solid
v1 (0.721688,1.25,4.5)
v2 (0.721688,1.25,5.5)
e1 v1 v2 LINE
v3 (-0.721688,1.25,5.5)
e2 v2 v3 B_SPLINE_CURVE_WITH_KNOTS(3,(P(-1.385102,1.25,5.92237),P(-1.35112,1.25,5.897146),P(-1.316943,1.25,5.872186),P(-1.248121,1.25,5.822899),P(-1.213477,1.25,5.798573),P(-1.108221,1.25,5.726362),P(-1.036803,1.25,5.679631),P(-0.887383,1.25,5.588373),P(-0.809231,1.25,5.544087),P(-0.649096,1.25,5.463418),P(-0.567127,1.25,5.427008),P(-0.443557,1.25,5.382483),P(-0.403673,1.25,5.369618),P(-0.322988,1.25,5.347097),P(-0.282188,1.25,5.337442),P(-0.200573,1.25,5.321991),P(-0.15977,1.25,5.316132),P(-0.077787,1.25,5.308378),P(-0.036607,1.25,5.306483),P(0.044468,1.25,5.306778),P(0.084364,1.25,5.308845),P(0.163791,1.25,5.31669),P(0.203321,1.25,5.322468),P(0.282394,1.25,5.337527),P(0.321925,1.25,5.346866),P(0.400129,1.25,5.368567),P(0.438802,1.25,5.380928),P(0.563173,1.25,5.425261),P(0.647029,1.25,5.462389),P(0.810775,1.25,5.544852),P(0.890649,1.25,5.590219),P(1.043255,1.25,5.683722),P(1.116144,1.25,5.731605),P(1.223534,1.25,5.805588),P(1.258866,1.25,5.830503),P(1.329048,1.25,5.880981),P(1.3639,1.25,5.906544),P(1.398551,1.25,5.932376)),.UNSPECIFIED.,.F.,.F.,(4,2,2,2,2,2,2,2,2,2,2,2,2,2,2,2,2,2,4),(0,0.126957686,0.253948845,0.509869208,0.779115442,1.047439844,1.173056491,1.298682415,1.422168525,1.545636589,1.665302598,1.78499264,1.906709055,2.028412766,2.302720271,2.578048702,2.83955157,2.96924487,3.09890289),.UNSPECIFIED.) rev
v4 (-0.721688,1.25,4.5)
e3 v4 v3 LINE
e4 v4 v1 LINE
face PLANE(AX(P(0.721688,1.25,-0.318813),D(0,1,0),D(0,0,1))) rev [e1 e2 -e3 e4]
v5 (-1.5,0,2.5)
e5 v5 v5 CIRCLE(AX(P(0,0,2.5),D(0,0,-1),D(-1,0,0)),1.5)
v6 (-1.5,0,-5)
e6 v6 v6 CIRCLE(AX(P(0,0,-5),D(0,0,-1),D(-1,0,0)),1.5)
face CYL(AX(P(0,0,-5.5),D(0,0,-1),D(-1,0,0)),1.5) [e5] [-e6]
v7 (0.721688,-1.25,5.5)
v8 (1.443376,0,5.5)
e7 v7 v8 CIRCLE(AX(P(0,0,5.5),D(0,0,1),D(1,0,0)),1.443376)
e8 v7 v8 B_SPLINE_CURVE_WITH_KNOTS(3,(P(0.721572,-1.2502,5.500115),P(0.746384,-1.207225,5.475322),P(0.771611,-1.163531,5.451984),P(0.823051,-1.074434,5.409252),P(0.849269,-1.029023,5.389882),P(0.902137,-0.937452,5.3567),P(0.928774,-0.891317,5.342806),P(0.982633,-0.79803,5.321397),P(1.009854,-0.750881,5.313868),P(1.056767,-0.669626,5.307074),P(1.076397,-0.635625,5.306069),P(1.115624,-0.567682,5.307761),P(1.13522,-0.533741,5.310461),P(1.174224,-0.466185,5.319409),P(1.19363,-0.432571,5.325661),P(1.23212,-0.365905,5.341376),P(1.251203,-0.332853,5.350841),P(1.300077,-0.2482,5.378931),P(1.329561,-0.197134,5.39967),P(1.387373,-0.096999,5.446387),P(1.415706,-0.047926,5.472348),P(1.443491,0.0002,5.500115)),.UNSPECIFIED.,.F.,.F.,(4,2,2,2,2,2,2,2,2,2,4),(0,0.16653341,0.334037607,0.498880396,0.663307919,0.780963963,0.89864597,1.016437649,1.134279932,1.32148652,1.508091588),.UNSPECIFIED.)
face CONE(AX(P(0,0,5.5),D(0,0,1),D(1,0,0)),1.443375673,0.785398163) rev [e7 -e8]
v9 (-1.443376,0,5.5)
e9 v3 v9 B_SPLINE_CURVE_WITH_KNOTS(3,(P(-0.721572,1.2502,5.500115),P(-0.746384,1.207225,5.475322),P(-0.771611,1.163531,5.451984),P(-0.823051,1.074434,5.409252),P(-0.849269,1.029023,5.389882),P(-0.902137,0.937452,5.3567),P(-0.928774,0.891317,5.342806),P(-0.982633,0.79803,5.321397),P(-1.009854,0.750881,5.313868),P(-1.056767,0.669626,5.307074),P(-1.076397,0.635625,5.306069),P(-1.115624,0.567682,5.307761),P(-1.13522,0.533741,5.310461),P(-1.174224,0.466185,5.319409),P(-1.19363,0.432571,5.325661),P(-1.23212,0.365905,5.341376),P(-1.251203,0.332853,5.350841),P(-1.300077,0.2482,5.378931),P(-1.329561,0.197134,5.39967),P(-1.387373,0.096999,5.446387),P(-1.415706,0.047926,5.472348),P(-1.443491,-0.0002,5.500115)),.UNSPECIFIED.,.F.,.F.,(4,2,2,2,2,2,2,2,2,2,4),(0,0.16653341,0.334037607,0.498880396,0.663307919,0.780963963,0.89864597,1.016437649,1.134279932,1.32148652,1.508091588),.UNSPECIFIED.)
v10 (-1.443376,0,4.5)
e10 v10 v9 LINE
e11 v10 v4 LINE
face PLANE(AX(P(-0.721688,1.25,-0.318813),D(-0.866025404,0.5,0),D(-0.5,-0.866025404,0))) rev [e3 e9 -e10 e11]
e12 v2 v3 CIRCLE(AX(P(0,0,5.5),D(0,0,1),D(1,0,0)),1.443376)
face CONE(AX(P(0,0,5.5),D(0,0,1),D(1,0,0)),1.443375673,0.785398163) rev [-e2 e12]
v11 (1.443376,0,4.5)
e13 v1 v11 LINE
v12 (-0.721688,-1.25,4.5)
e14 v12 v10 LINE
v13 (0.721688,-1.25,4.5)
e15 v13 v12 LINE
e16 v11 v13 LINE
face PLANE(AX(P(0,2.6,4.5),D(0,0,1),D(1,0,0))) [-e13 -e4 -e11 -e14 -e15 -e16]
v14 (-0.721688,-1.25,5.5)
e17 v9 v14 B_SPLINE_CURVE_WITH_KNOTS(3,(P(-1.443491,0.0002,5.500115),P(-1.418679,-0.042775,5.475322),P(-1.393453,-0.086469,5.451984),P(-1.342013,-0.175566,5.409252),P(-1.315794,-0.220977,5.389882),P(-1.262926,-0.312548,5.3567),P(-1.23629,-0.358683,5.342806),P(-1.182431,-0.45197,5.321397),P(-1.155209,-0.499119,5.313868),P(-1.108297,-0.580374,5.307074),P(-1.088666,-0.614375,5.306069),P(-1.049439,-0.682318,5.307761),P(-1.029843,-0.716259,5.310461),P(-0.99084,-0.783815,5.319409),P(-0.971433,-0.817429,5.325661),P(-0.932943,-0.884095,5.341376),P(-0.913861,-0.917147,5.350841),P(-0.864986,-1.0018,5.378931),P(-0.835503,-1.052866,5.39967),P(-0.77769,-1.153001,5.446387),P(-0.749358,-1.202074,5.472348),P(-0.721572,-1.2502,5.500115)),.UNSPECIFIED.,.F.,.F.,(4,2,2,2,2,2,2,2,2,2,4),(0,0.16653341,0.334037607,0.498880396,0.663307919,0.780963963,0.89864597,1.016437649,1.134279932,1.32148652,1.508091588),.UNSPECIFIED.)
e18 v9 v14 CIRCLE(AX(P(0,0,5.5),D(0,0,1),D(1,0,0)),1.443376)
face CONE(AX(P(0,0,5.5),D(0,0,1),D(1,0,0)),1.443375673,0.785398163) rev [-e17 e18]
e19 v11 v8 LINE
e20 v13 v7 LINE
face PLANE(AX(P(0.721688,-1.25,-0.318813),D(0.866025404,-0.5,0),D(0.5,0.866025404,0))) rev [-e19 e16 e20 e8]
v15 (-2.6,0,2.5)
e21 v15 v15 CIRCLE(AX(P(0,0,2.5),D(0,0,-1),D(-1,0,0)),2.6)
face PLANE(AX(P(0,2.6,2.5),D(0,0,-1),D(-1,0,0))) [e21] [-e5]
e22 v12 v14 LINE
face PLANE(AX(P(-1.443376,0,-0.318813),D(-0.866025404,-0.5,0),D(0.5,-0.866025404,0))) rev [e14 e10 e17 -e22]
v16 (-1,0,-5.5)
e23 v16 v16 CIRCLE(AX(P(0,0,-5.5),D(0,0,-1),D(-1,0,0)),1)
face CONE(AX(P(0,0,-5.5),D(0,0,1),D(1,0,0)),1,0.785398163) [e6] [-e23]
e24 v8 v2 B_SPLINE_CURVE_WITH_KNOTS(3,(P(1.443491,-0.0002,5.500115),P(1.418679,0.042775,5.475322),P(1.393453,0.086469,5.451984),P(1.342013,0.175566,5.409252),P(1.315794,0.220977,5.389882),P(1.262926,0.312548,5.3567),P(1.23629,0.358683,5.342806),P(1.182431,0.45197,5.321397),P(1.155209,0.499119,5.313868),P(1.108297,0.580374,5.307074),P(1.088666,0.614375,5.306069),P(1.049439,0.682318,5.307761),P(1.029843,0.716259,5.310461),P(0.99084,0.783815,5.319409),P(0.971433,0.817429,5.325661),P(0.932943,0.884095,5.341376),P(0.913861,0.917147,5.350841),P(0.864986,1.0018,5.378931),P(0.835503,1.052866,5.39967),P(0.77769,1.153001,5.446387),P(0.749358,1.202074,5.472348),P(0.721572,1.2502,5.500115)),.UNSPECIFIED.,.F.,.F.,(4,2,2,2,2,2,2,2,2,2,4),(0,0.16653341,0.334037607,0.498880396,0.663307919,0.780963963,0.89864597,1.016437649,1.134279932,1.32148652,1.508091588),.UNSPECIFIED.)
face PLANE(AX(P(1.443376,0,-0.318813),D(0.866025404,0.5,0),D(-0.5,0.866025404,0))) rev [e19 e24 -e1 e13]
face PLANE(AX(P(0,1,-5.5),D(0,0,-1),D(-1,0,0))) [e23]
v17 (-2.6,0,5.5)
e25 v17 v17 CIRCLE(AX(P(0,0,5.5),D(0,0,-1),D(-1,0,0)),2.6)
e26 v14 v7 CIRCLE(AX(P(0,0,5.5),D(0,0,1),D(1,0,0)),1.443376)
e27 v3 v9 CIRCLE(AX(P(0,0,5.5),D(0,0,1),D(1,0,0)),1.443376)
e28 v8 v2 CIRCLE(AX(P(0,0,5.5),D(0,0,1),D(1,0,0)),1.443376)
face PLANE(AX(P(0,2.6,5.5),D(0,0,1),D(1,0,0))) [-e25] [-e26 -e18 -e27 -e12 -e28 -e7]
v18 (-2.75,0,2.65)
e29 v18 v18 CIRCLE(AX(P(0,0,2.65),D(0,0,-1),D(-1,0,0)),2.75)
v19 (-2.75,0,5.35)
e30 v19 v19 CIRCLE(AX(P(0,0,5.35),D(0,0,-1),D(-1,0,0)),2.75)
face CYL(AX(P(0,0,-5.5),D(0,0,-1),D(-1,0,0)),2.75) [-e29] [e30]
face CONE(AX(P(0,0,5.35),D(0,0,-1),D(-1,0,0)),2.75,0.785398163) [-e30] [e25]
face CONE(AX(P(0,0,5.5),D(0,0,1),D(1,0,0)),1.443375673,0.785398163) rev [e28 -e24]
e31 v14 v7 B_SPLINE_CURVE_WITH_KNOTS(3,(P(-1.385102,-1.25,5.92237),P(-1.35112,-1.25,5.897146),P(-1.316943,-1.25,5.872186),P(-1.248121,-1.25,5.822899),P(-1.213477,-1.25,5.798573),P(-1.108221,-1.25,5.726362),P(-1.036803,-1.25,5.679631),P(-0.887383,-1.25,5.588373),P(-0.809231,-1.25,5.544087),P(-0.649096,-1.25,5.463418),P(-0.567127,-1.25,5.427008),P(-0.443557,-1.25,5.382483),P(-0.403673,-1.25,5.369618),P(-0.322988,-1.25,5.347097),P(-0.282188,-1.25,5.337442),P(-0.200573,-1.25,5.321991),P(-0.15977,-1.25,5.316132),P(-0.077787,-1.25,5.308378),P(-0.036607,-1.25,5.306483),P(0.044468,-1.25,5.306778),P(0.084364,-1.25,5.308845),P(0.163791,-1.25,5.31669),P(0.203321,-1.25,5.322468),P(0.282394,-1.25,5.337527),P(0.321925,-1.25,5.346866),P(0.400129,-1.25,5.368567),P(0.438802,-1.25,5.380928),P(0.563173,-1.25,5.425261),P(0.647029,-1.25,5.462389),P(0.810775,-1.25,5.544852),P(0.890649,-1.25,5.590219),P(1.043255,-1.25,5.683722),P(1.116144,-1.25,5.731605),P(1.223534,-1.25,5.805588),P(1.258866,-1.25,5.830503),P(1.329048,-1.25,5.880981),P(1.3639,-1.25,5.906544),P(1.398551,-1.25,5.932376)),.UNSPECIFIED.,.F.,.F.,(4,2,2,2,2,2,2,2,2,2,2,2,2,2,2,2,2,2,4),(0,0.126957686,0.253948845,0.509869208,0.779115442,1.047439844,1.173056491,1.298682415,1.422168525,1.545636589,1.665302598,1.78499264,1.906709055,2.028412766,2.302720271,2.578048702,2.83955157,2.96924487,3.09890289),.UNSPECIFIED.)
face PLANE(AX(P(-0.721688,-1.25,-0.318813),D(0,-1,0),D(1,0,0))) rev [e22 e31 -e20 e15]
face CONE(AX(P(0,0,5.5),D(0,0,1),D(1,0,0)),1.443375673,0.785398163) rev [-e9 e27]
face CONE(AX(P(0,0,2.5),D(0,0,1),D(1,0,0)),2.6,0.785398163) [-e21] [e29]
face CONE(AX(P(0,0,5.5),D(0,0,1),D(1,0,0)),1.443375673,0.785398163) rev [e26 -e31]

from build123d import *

# Parameters (mm, degrees)
CUT_EXTRUDE1_DEPTH = 1
SKETCH4_R          = 1.443375673
CUT_EXTRUDE2_DEPTH = 0.5
CUT_EXTRUDE2_DRAFT = -45


with BuildPart() as part:
    # Sketch2 → Revolve1 (revolve)
    with BuildSketch(Plane(origin=(0, 0, 0), x_dir=(0, 0, -1), z_dir=(1, 0, 0)), mode=Mode.PRIVATE) as revolve1_sk:
        Polygon((-5.35, 2.75), (-2.65, 2.75), (-2.5, 2.6), (-2.5, 1.5), (5, 1.5), (5.5, 1), (5.5, 0), (-5.5, 0), (-5.5, 2.6), align=None)
    revolve(revolve1_sk.sketch.rotate(Axis((0, 0, -5.5), (0, 0, 1)), 90), axis=Axis((0, 0, -5.5), (0, 0, 1)))

    # Sketch3 → Cut-Extrude1 (cut)
    with BuildSketch(Plane.XY.offset(5.5)):
        Polygon((0.721687836, 1.25), (-0.721687836, 1.25), (-1.443375673, 0), (-0.721687836, -1.25), (0.721687836, -1.25), (1.443375673, 0), align=None)
    extrude(amount=-CUT_EXTRUDE1_DEPTH, mode=Mode.SUBTRACT)


with BuildPart() as cut_extrude2_tool:
    # Sketch4 → Cut-Extrude2 (with draft: the straight prism first)
    with BuildSketch(Plane.XY.offset(5.5)):
        Circle(SKETCH4_R)
    extrude(amount=-CUT_EXTRUDE2_DEPTH)
    # Cut-Extrude2: the draft: its side faces are tilted about the plane it starts from
    cut_extrude2_sides = [cut_extrude2_tool.faces().sort_by_distance(p)[0] for p in [
        (-1.443375673, 0, 5.25),
    ]]
    draft(cut_extrude2_sides, Plane.XY.offset(5.5), CUT_EXTRUDE2_DRAFT)


with BuildPart() as part_1:
    add(part.part)

    # Cut-Extrude2: cut by cut_extrude2_tool
    add(cut_extrude2_tool.part, mode=Mode.SUBTRACT)


solid = part_1.part
